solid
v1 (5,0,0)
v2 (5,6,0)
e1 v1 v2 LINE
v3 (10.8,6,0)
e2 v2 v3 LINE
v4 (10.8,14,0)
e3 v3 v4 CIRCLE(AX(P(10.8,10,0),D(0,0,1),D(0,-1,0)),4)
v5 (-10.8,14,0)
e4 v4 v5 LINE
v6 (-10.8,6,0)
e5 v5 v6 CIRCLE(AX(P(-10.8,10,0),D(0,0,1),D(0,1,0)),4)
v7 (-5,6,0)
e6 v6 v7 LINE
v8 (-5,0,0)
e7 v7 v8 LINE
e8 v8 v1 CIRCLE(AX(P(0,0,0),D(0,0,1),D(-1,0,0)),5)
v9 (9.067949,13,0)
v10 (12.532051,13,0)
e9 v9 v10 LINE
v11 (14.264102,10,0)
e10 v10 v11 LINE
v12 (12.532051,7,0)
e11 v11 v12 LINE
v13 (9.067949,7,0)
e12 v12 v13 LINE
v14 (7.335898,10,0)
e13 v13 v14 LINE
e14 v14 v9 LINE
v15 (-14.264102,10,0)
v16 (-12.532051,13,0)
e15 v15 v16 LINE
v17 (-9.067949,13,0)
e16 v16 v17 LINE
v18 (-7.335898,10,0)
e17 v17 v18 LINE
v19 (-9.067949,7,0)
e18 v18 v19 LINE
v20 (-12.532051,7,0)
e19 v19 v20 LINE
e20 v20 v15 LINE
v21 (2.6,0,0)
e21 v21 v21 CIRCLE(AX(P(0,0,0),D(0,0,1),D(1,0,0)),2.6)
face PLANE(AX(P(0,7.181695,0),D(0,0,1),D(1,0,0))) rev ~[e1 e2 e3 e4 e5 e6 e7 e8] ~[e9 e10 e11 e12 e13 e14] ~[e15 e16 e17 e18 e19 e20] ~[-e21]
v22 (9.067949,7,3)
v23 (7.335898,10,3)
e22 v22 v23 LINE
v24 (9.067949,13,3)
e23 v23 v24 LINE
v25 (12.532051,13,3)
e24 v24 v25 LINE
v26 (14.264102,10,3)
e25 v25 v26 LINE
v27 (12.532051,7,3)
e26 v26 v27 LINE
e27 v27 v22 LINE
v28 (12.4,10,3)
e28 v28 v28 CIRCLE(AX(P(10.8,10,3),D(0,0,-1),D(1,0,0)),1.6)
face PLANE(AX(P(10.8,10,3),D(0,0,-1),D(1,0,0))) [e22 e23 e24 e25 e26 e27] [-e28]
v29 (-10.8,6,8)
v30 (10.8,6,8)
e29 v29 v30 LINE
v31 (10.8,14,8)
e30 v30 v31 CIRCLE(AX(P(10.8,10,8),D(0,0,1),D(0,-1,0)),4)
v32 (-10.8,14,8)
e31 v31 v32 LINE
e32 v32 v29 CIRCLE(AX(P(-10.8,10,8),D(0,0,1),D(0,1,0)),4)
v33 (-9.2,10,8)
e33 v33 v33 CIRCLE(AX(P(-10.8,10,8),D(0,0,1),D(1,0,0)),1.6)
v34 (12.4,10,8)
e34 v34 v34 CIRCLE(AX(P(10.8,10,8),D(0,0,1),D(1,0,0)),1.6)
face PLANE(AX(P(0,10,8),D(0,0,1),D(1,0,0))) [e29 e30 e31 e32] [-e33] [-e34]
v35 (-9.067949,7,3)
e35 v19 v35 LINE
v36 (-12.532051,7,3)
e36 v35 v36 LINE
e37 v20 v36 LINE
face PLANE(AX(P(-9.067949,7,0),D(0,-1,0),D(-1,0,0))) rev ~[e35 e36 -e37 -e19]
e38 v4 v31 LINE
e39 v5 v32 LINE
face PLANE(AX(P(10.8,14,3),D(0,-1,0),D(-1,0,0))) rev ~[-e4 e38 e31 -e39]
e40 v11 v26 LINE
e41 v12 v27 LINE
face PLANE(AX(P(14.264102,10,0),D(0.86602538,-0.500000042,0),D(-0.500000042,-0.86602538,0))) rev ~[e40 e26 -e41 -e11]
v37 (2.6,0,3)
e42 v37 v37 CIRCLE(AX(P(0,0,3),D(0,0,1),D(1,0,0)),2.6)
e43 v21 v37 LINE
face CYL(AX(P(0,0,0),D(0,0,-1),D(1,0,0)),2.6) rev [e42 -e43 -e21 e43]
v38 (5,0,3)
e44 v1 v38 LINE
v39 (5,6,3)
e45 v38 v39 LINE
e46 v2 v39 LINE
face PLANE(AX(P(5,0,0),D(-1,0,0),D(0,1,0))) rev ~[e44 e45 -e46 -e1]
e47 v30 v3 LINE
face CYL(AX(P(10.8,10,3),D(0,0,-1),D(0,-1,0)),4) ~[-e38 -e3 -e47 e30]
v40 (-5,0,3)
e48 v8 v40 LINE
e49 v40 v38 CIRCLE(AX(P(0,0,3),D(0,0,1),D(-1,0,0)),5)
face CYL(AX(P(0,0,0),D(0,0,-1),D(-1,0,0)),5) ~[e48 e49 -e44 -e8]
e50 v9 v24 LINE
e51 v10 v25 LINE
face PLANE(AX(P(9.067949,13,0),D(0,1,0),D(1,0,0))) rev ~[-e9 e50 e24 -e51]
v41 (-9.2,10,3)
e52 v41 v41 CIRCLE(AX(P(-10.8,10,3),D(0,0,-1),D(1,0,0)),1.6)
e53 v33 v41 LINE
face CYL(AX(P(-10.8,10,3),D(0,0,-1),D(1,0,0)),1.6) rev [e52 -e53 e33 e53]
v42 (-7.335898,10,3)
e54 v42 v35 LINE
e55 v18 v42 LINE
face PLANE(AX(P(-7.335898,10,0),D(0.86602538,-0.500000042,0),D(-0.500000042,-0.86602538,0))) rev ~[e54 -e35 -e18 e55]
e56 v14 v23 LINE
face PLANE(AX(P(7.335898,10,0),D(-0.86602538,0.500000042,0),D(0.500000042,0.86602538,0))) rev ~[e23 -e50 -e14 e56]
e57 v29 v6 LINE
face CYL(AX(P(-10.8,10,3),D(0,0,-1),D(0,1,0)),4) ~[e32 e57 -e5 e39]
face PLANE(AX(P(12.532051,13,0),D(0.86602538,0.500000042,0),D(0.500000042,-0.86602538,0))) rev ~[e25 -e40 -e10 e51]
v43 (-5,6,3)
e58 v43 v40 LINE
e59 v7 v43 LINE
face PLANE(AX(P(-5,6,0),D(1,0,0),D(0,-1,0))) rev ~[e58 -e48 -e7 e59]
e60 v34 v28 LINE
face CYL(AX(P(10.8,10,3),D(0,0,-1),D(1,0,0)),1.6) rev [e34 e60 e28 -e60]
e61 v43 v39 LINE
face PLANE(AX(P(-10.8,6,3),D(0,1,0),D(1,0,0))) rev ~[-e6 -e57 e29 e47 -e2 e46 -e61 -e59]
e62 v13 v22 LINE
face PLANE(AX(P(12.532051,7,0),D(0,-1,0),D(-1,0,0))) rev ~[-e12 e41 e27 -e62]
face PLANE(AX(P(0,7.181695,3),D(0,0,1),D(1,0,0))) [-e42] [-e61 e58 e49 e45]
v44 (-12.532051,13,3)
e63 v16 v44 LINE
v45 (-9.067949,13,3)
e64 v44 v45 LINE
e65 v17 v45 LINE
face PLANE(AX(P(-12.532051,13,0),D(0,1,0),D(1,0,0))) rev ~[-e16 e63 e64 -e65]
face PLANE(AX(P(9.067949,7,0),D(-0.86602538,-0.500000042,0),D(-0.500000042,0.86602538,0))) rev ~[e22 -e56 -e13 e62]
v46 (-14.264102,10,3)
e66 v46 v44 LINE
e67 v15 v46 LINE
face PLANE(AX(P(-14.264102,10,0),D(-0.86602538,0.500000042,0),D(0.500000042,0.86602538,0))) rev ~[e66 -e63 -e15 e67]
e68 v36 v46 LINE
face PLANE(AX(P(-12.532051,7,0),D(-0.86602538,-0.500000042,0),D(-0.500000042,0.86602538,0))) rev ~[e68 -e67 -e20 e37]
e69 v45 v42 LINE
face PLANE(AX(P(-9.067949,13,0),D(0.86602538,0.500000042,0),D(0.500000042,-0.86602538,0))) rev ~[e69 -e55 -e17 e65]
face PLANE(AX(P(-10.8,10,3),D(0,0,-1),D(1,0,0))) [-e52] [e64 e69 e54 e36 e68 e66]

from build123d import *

# Parameters (mm, degrees)
F0_R     = 2.6
F0_R_2   = 1.6
F1_DEPTH = 3
F2_R     = 1.6
F3_DEPTH = 5
F5_DEPTH = 3


with BuildPart() as f1:
    # F0 (on Top) → F1 (new body)
    with BuildSketch(Plane.XY):
        with BuildLine():
            Line((-5, 6), (-5, 0))
            ThreePointArc((-5, 0), (0, -5), (5, 0))
            Line((5, 0), (5, 6))
            Line((5, 6), (10.8, 6))
            ThreePointArc((10.8, 6), (14.8, 10), (10.8, 14))
            Line((10.8, 14), (0, 14))
            Line((0, 14), (-10.8, 14))
            ThreePointArc((-10.8, 14), (-14.8, 10), (-10.8, 6))
            Line((-10.8, 6), (-5, 6))
        make_face()
        Circle(F0_R, mode=Mode.SUBTRACT)
        with Locations((-10.8, 10)):
            Circle(F0_R_2, mode=Mode.SUBTRACT)
        with Locations((10.8, 10)):
            Circle(F0_R_2, mode=Mode.SUBTRACT)
    extrude(amount=F1_DEPTH)

    # F2 (on face) → F3 (join)
    with BuildSketch(Plane.XY.offset(3)):
        with BuildLine():
            ThreePointArc((10.8, 6), (14.8, 10), (10.8, 14))
            Line((10.8, 14), (-10.8, 14))
            ThreePointArc((-10.8, 14), (-14.8, 10), (-10.8, 6))
            Line((-10.8, 6), (-5, 6))
            Line((-5, 6), (5, 6))
            Line((5, 6), (10.8, 6))
        make_face()
        with Locations((-10.8, 10)):
            Circle(F2_R, mode=Mode.SUBTRACT)
        with Locations((10.8, 10)):
            Circle(F2_R, mode=Mode.SUBTRACT)
    extrude(amount=F3_DEPTH)

    # F4 (on face) → F5 (cut)
    with BuildSketch(Plane(origin=(0, 0, 0), x_dir=(1, 0, 0), z_dir=(0, 0, -1))):
        Polygon((9.067949, -13), (12.532051, -13), (14.264102, -10), (12.532051, -7), (9.067949, -7), (7.335898, -10), align=None)
        Polygon((-12.532051, -13), (-9.067949, -13), (-7.335898, -10), (-9.067949, -7), (-12.532051, -7), (-14.264102, -10), align=None)
    extrude(amount=-F5_DEPTH, mode=Mode.SUBTRACT)


solid = f1.part
